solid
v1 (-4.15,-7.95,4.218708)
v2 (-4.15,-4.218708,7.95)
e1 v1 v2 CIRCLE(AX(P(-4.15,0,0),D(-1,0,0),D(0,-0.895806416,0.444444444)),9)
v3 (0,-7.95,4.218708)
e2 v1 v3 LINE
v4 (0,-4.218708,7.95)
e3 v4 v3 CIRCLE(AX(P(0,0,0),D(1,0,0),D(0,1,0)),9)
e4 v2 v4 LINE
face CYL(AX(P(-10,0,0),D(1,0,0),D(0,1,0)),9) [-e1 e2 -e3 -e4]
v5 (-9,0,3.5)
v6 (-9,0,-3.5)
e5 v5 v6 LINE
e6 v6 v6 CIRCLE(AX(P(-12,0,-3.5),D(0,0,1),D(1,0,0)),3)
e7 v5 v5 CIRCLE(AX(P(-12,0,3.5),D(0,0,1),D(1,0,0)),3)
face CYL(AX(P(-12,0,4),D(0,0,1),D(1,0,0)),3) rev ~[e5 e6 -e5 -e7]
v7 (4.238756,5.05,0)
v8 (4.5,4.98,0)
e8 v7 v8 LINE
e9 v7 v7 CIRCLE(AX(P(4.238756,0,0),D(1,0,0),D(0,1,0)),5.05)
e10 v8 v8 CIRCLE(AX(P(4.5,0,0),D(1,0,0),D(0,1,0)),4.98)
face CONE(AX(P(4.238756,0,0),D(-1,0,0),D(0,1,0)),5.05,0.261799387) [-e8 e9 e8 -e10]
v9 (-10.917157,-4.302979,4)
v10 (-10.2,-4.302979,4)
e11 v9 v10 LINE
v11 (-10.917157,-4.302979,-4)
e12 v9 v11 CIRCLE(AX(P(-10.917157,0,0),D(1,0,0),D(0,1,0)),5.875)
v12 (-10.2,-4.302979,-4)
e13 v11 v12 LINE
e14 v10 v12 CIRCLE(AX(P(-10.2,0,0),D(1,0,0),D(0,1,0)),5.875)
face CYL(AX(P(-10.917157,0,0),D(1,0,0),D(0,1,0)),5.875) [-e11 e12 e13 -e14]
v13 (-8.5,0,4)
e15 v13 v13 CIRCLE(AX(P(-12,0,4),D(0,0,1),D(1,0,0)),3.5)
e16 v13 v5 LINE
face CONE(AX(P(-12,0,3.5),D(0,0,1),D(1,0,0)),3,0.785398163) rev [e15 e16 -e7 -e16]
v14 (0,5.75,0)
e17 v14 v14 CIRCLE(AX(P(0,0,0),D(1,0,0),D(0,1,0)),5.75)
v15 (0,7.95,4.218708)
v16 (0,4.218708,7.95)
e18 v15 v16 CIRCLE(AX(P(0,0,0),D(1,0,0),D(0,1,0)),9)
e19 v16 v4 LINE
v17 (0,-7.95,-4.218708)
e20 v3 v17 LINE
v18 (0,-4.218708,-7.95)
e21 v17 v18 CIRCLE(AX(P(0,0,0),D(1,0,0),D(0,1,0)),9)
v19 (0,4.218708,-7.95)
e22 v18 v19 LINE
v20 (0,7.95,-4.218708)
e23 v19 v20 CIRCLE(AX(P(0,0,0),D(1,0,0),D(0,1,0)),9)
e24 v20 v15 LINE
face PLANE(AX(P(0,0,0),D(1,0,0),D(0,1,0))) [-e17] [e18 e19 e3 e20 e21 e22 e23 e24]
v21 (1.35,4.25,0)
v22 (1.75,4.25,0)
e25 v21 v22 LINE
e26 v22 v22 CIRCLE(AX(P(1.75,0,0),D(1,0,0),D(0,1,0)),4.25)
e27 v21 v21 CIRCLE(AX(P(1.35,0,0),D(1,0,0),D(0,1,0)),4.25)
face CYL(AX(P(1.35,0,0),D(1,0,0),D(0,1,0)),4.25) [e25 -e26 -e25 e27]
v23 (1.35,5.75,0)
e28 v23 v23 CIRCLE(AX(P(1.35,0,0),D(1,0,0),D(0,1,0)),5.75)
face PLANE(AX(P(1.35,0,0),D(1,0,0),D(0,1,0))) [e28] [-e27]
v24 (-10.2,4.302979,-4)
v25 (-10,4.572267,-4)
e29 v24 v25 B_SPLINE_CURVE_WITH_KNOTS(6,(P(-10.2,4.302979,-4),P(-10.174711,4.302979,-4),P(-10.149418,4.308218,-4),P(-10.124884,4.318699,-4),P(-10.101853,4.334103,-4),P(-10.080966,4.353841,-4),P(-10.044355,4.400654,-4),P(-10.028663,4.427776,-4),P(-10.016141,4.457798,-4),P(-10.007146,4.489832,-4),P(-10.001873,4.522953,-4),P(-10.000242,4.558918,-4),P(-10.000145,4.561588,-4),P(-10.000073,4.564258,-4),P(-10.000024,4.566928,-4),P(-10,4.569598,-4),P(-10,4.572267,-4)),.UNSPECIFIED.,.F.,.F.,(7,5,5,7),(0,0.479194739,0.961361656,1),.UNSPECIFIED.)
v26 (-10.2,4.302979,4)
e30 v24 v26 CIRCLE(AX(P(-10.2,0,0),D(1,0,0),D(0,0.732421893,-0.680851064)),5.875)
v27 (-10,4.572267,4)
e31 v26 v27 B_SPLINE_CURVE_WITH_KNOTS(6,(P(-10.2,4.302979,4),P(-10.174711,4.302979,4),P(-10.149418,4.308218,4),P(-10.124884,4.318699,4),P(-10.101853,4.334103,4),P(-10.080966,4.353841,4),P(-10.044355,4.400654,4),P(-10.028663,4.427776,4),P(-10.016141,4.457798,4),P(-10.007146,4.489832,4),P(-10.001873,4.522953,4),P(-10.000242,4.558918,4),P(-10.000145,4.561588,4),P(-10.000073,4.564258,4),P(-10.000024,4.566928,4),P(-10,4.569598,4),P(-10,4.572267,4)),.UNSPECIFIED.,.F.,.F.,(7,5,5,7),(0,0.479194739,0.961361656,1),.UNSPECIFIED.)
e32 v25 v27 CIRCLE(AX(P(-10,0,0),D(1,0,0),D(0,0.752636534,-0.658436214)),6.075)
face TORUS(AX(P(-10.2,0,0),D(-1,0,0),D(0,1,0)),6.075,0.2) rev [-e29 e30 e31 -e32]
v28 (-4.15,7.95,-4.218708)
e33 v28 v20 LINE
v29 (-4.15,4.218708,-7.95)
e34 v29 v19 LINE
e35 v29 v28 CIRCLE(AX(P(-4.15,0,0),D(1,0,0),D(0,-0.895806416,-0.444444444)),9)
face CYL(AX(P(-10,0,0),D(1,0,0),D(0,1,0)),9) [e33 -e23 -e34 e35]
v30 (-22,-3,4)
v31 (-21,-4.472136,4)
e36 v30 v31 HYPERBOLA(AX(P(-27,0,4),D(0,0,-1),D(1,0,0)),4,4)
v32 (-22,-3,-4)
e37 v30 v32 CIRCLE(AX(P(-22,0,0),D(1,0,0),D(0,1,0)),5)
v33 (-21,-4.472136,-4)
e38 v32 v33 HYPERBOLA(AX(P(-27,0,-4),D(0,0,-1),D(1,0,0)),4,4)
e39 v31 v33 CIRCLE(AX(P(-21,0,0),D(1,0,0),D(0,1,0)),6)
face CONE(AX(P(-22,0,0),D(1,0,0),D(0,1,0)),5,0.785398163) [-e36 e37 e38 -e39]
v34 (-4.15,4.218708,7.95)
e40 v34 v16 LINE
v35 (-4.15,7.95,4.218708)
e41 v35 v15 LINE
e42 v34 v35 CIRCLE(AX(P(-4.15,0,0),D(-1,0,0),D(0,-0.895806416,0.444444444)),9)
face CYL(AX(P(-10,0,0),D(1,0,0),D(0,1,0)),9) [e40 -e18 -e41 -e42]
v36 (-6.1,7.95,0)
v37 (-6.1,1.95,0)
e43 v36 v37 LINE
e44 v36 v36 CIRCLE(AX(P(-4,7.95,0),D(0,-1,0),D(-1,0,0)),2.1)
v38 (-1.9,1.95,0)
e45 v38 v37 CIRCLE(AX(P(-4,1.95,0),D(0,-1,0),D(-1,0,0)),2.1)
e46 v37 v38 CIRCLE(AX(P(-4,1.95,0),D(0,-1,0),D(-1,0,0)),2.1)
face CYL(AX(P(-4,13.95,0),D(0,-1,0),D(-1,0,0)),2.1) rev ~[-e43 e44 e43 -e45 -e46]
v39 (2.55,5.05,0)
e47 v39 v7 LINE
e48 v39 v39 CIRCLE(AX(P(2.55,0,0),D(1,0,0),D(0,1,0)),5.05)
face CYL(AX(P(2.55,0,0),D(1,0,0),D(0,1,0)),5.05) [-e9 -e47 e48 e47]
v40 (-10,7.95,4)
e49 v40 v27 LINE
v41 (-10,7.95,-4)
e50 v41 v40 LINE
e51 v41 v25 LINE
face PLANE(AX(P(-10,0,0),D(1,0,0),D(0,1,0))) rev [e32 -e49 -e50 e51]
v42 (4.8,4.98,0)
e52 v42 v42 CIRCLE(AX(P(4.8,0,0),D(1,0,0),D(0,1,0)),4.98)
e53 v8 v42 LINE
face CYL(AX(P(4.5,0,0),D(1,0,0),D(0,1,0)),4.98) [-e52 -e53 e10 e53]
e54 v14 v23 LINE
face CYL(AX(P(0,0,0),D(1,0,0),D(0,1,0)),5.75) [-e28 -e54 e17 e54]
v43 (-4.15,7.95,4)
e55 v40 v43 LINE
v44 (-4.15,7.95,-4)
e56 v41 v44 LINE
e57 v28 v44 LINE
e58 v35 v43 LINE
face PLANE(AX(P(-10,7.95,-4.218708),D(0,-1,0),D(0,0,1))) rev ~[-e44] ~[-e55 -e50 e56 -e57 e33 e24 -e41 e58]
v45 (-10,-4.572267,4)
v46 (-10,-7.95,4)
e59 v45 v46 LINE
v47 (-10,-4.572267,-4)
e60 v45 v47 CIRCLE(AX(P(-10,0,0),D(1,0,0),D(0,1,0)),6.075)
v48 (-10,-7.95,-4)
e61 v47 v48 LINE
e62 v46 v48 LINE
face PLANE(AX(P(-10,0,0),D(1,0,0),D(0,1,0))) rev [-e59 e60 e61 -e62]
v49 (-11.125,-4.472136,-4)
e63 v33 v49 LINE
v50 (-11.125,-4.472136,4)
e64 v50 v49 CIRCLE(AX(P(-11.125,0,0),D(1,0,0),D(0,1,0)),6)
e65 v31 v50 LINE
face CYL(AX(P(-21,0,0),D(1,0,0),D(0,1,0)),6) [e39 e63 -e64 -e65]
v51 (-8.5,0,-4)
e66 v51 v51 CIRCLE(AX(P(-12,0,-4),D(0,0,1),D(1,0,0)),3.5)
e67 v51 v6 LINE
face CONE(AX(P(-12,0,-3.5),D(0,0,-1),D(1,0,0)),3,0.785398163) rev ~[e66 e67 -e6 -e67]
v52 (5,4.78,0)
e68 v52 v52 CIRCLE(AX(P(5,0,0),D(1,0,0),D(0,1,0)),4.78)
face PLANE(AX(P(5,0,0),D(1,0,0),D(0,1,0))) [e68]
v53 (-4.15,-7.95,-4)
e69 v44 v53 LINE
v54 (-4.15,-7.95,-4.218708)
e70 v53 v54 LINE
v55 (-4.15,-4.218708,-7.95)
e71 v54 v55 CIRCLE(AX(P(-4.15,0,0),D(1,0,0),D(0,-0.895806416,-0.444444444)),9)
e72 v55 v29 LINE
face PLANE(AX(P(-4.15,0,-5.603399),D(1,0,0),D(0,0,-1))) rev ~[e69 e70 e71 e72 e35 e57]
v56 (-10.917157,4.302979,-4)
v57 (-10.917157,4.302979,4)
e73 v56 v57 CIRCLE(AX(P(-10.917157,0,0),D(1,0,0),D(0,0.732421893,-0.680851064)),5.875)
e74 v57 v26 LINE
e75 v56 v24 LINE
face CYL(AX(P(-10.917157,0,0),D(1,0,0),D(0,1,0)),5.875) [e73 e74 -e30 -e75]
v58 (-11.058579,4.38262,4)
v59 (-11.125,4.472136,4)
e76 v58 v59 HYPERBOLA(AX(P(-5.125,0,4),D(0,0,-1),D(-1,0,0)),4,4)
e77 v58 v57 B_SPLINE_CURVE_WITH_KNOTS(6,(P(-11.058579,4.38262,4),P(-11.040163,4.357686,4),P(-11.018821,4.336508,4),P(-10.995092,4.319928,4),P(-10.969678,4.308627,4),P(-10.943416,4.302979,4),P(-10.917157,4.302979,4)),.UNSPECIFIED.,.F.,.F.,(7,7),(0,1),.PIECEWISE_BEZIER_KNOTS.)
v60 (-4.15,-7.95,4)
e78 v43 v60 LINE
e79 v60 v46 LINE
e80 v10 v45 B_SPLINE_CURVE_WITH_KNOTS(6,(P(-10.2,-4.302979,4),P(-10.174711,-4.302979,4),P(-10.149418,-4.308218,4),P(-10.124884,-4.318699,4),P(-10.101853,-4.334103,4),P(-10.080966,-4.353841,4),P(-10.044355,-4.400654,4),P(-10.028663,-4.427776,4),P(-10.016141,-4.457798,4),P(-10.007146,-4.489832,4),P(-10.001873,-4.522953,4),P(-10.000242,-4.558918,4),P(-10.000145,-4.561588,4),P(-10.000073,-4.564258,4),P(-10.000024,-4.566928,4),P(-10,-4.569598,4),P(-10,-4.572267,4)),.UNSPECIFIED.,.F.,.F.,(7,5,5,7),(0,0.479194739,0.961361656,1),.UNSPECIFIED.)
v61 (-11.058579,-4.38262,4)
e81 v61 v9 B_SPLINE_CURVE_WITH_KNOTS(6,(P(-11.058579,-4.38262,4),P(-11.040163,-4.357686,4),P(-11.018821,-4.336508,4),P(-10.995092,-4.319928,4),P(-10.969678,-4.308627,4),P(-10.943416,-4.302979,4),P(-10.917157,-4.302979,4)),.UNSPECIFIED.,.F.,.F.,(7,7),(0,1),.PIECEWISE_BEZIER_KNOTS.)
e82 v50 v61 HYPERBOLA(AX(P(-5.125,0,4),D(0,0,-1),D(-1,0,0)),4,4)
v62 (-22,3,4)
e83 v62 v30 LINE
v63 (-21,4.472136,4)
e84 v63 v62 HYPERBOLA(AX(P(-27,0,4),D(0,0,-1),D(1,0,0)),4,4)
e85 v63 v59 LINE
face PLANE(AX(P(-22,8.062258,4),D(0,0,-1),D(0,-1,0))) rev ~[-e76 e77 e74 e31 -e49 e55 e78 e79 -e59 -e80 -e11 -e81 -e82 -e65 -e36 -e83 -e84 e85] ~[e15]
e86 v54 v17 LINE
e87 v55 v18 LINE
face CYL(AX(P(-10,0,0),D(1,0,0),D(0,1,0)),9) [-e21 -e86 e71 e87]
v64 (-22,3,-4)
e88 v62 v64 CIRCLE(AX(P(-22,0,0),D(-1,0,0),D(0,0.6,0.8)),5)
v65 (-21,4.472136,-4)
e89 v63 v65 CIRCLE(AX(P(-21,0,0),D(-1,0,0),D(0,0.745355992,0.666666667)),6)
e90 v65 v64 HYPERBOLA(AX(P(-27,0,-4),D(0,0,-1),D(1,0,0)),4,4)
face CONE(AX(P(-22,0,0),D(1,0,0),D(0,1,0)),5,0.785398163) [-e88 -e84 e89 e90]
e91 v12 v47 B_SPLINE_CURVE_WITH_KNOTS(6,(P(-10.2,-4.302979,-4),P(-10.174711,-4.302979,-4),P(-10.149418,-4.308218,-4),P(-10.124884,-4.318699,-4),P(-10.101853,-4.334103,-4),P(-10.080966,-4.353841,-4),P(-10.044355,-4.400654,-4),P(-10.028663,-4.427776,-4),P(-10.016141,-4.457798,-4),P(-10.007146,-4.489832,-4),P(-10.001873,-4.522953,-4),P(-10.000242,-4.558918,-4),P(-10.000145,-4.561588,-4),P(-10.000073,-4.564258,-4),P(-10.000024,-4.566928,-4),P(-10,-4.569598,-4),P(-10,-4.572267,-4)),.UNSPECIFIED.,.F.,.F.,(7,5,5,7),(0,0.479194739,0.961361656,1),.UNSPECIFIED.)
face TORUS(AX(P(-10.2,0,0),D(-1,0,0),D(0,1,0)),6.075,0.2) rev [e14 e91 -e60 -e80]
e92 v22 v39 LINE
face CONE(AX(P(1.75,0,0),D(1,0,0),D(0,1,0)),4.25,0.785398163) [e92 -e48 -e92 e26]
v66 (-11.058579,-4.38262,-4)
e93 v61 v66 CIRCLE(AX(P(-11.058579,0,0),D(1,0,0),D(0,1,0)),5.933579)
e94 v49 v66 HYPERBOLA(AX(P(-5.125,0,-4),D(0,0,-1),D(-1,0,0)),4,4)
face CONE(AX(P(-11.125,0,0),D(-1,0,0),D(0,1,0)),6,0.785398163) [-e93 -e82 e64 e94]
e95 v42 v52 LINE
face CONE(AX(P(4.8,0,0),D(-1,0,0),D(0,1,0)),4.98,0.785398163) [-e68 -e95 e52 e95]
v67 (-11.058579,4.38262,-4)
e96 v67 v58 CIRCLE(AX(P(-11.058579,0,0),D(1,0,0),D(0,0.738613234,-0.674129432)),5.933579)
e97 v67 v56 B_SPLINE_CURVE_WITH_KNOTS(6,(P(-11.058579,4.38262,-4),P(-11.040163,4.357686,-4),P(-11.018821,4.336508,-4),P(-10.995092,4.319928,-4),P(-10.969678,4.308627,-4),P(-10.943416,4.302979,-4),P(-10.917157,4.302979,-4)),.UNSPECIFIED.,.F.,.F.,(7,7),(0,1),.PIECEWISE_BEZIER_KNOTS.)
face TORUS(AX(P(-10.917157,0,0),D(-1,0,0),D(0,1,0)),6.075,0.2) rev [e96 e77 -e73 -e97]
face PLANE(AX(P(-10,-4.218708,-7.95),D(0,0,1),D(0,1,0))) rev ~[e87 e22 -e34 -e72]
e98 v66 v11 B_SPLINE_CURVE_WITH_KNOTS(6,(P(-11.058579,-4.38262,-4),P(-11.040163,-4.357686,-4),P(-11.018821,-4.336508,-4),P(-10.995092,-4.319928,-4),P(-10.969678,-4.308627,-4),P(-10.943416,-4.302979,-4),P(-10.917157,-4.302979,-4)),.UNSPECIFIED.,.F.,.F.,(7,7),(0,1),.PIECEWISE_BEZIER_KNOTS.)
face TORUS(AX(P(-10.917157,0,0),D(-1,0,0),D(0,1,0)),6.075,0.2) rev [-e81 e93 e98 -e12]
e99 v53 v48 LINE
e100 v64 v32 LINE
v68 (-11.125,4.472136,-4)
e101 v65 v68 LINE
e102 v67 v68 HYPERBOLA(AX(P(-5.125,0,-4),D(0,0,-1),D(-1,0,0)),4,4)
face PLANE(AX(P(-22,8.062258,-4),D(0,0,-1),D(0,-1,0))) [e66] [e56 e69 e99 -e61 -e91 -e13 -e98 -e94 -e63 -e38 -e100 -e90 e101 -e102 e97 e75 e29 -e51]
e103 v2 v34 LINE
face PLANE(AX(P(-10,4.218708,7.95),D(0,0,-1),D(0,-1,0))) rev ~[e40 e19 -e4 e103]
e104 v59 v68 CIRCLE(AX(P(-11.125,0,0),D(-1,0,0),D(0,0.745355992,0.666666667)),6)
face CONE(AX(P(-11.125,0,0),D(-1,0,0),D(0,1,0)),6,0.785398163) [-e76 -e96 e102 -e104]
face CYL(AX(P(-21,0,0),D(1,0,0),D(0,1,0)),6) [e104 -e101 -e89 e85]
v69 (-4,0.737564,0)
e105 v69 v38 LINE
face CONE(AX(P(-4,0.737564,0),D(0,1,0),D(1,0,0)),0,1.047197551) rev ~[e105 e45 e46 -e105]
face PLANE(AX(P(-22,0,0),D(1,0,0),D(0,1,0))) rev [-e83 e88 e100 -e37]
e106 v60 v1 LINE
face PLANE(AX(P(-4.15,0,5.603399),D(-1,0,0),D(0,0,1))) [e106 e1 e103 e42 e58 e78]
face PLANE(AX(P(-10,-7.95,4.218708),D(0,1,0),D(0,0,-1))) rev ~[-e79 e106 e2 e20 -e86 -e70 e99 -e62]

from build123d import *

# Parameters (mm, degrees)
O_L_DEPTH             = 17.85
CUT_EXTRUDE4_REACH    = 17
CUT_EXTRUDE2_REACH    = 13.95
SKETCH4_R             = 3
CHAMFER4_SIZE         = 0.5
M5_TAPPED_HOLE1_D     = 4.2
M5_TAPPED_HOLE1_DEPTH = 6
M5_TAPPED_HOLE1_TIP   = 1.212435565


with BuildPart() as part:
    # Sketch1 → Revolve1 (revolve)
    with BuildSketch(Plane.XY):
        with BuildLine():
            Line((-22, 0), (-22, 5))
            Line((-22, 5), (-21, 6))
            Line((-21, 6), (-11.125, 6))
            Line((-11.125, 6), (-11.058578644, 5.933578644))
            ThreePointArc((-11.058578644, 5.933578644), (-10.993693974, 5.890224093), (-10.917157288, 5.875))
            Line((-10.917157288, 5.875), (-10.2, 5.875))
            ThreePointArc((-10.2, 5.875), (-10.058578644, 5.933578644), (-10, 6.075))
            Line((-10, 6.075), (-10, 9))
            Line((-10, 9), (0, 9))
            Line((0, 9), (0, 5.75))
            Line((0, 5.75), (1.35, 5.75))
            Line((1.35, 5.75), (1.35, 4.25))
            Line((1.35, 4.25), (1.75, 4.25))
            Line((1.75, 4.25), (2.55, 5.05))
            Line((2.55, 5.05), (4.238756443, 5.05))
            Line((4.238756443, 5.05), (4.5, 4.98))
            Line((4.5, 4.98), (4.8, 4.98))
            Line((4.8, 4.98), (5, 4.78))
            Line((5, 4.78), (5, 0))
            Line((5, 0), (-22, 0))
        make_face()
    revolve(axis=Axis((0, 0, 0), (1, 0, 0)))

    # Sketch3 → O-L (cut)
    with BuildSketch(Plane.ZY.offset(22)):
        with BuildLine():
            Line((-4, 8.062257748), (-4, -8.062257748))
            ThreePointArc((-4, -8.062257748), (-9, 0), (-4, 8.062257748))
        make_face()
        with BuildLine():
            Line((4, 8.062257748), (4, -8.062257748))
            ThreePointArc((4, -8.062257748), (9, 0), (4, 8.062257748))
        make_face()
    extrude(amount=-O_L_DEPTH, mode=Mode.SUBTRACT)

    # Sketch6 → Cut-Extrude4 (cut, up to next)
    with BuildSketch(Plane.ZY.offset(10), mode=Mode.PRIVATE) as cut_extrude4_sk1:
        with BuildLine():
            Line((-4.218708333, 7.95), (4.218708333, 7.95))
            ThreePointArc((4.218708333, 7.95), (0, 9), (-4.218708333, 7.95))
        make_face()
    cut_extrude4_tool1 = extrude(cut_extrude4_sk1.sketch, amount=-CUT_EXTRUDE4_REACH, mode=Mode.PRIVATE) & part.part
    add(cut_extrude4_tool1.solids().sort_by_distance((-10, 8.372173, 0))[0], mode=Mode.SUBTRACT)
    # Sketch6 → Cut-Extrude4 (cut, up to next)
    with BuildSketch(Plane.ZY.offset(10), mode=Mode.PRIVATE) as cut_extrude4_sk2:
        with BuildLine():
            Line((7.95, 4.218708333), (7.95, -4.218708333))
            ThreePointArc((7.95, -4.218708333), (9, 0), (7.95, 4.218708333))
        make_face()
    cut_extrude4_tool2 = extrude(cut_extrude4_sk2.sketch, amount=-CUT_EXTRUDE4_REACH, mode=Mode.PRIVATE) & part.part
    add(cut_extrude4_tool2.solids().sort_by_distance((-10, 0, 8.372173))[0], mode=Mode.SUBTRACT)
    # Sketch6 → Cut-Extrude4 (cut, up to next)
    with BuildSketch(Plane.ZY.offset(10), mode=Mode.PRIVATE) as cut_extrude4_sk3:
        with BuildLine():
            Line((4.218708333, -7.95), (-4.218708333, -7.95))
            ThreePointArc((-4.218708333, -7.95), (0, -9), (4.218708333, -7.95))
        make_face()
    cut_extrude4_tool3 = extrude(cut_extrude4_sk3.sketch, amount=-CUT_EXTRUDE4_REACH, mode=Mode.PRIVATE) & part.part
    add(cut_extrude4_tool3.solids().sort_by_distance((-10, -8.372173, 0))[0], mode=Mode.SUBTRACT)
    # Sketch6 → Cut-Extrude4 (cut, up to next)
    with BuildSketch(Plane.ZY.offset(10), mode=Mode.PRIVATE) as cut_extrude4_sk4:
        with BuildLine():
            Line((-7.95, -4.218708333), (-7.95, 4.218708333))
            ThreePointArc((-7.95, 4.218708333), (-9, 0), (-7.95, -4.218708333))
        make_face()
    cut_extrude4_tool4 = extrude(cut_extrude4_sk4.sketch, amount=-CUT_EXTRUDE4_REACH, mode=Mode.PRIVATE) & part.part
    add(cut_extrude4_tool4.solids().sort_by_distance((-10, 0, -8.372173))[0], mode=Mode.SUBTRACT)

    # Sketch4 → Cut-Extrude2 (cut, up to next)
    with BuildSketch(Plane.XY.offset(4), mode=Mode.PRIVATE) as cut_extrude2_sk1:
        with Locations((-12, 0)):
            Circle(SKETCH4_R)
    cut_extrude2_tool1 = extrude(cut_extrude2_sk1.sketch, amount=-CUT_EXTRUDE2_REACH, mode=Mode.PRIVATE) & part.part
    add(cut_extrude2_tool1.solids().sort_by_distance((-12, 0, 4))[0], mode=Mode.SUBTRACT)

    # Chamfer4
    chamfer4_edges = [part.edges().sort_by_distance(p)[0] for p in [
        (-15, 0, 4),
        (-15, 0, -4),
    ]]
    chamfer(chamfer4_edges, length=CHAMFER4_SIZE)

    # M5 Tapped Hole1
    with Locations(Plane(origin=(0, 7.95, 0), x_dir=(1, 0, 0), z_dir=(0, 1, 0))):
        with Locations((-4, 0)):
            Hole(M5_TAPPED_HOLE1_D / 2, depth=M5_TAPPED_HOLE1_DEPTH)
            with Locations((0, 0, -(M5_TAPPED_HOLE1_DEPTH + M5_TAPPED_HOLE1_TIP / 2))):  # 120° drill point
                Cone(0, M5_TAPPED_HOLE1_D / 2, M5_TAPPED_HOLE1_TIP, mode=Mode.SUBTRACT)


solid = part.part
